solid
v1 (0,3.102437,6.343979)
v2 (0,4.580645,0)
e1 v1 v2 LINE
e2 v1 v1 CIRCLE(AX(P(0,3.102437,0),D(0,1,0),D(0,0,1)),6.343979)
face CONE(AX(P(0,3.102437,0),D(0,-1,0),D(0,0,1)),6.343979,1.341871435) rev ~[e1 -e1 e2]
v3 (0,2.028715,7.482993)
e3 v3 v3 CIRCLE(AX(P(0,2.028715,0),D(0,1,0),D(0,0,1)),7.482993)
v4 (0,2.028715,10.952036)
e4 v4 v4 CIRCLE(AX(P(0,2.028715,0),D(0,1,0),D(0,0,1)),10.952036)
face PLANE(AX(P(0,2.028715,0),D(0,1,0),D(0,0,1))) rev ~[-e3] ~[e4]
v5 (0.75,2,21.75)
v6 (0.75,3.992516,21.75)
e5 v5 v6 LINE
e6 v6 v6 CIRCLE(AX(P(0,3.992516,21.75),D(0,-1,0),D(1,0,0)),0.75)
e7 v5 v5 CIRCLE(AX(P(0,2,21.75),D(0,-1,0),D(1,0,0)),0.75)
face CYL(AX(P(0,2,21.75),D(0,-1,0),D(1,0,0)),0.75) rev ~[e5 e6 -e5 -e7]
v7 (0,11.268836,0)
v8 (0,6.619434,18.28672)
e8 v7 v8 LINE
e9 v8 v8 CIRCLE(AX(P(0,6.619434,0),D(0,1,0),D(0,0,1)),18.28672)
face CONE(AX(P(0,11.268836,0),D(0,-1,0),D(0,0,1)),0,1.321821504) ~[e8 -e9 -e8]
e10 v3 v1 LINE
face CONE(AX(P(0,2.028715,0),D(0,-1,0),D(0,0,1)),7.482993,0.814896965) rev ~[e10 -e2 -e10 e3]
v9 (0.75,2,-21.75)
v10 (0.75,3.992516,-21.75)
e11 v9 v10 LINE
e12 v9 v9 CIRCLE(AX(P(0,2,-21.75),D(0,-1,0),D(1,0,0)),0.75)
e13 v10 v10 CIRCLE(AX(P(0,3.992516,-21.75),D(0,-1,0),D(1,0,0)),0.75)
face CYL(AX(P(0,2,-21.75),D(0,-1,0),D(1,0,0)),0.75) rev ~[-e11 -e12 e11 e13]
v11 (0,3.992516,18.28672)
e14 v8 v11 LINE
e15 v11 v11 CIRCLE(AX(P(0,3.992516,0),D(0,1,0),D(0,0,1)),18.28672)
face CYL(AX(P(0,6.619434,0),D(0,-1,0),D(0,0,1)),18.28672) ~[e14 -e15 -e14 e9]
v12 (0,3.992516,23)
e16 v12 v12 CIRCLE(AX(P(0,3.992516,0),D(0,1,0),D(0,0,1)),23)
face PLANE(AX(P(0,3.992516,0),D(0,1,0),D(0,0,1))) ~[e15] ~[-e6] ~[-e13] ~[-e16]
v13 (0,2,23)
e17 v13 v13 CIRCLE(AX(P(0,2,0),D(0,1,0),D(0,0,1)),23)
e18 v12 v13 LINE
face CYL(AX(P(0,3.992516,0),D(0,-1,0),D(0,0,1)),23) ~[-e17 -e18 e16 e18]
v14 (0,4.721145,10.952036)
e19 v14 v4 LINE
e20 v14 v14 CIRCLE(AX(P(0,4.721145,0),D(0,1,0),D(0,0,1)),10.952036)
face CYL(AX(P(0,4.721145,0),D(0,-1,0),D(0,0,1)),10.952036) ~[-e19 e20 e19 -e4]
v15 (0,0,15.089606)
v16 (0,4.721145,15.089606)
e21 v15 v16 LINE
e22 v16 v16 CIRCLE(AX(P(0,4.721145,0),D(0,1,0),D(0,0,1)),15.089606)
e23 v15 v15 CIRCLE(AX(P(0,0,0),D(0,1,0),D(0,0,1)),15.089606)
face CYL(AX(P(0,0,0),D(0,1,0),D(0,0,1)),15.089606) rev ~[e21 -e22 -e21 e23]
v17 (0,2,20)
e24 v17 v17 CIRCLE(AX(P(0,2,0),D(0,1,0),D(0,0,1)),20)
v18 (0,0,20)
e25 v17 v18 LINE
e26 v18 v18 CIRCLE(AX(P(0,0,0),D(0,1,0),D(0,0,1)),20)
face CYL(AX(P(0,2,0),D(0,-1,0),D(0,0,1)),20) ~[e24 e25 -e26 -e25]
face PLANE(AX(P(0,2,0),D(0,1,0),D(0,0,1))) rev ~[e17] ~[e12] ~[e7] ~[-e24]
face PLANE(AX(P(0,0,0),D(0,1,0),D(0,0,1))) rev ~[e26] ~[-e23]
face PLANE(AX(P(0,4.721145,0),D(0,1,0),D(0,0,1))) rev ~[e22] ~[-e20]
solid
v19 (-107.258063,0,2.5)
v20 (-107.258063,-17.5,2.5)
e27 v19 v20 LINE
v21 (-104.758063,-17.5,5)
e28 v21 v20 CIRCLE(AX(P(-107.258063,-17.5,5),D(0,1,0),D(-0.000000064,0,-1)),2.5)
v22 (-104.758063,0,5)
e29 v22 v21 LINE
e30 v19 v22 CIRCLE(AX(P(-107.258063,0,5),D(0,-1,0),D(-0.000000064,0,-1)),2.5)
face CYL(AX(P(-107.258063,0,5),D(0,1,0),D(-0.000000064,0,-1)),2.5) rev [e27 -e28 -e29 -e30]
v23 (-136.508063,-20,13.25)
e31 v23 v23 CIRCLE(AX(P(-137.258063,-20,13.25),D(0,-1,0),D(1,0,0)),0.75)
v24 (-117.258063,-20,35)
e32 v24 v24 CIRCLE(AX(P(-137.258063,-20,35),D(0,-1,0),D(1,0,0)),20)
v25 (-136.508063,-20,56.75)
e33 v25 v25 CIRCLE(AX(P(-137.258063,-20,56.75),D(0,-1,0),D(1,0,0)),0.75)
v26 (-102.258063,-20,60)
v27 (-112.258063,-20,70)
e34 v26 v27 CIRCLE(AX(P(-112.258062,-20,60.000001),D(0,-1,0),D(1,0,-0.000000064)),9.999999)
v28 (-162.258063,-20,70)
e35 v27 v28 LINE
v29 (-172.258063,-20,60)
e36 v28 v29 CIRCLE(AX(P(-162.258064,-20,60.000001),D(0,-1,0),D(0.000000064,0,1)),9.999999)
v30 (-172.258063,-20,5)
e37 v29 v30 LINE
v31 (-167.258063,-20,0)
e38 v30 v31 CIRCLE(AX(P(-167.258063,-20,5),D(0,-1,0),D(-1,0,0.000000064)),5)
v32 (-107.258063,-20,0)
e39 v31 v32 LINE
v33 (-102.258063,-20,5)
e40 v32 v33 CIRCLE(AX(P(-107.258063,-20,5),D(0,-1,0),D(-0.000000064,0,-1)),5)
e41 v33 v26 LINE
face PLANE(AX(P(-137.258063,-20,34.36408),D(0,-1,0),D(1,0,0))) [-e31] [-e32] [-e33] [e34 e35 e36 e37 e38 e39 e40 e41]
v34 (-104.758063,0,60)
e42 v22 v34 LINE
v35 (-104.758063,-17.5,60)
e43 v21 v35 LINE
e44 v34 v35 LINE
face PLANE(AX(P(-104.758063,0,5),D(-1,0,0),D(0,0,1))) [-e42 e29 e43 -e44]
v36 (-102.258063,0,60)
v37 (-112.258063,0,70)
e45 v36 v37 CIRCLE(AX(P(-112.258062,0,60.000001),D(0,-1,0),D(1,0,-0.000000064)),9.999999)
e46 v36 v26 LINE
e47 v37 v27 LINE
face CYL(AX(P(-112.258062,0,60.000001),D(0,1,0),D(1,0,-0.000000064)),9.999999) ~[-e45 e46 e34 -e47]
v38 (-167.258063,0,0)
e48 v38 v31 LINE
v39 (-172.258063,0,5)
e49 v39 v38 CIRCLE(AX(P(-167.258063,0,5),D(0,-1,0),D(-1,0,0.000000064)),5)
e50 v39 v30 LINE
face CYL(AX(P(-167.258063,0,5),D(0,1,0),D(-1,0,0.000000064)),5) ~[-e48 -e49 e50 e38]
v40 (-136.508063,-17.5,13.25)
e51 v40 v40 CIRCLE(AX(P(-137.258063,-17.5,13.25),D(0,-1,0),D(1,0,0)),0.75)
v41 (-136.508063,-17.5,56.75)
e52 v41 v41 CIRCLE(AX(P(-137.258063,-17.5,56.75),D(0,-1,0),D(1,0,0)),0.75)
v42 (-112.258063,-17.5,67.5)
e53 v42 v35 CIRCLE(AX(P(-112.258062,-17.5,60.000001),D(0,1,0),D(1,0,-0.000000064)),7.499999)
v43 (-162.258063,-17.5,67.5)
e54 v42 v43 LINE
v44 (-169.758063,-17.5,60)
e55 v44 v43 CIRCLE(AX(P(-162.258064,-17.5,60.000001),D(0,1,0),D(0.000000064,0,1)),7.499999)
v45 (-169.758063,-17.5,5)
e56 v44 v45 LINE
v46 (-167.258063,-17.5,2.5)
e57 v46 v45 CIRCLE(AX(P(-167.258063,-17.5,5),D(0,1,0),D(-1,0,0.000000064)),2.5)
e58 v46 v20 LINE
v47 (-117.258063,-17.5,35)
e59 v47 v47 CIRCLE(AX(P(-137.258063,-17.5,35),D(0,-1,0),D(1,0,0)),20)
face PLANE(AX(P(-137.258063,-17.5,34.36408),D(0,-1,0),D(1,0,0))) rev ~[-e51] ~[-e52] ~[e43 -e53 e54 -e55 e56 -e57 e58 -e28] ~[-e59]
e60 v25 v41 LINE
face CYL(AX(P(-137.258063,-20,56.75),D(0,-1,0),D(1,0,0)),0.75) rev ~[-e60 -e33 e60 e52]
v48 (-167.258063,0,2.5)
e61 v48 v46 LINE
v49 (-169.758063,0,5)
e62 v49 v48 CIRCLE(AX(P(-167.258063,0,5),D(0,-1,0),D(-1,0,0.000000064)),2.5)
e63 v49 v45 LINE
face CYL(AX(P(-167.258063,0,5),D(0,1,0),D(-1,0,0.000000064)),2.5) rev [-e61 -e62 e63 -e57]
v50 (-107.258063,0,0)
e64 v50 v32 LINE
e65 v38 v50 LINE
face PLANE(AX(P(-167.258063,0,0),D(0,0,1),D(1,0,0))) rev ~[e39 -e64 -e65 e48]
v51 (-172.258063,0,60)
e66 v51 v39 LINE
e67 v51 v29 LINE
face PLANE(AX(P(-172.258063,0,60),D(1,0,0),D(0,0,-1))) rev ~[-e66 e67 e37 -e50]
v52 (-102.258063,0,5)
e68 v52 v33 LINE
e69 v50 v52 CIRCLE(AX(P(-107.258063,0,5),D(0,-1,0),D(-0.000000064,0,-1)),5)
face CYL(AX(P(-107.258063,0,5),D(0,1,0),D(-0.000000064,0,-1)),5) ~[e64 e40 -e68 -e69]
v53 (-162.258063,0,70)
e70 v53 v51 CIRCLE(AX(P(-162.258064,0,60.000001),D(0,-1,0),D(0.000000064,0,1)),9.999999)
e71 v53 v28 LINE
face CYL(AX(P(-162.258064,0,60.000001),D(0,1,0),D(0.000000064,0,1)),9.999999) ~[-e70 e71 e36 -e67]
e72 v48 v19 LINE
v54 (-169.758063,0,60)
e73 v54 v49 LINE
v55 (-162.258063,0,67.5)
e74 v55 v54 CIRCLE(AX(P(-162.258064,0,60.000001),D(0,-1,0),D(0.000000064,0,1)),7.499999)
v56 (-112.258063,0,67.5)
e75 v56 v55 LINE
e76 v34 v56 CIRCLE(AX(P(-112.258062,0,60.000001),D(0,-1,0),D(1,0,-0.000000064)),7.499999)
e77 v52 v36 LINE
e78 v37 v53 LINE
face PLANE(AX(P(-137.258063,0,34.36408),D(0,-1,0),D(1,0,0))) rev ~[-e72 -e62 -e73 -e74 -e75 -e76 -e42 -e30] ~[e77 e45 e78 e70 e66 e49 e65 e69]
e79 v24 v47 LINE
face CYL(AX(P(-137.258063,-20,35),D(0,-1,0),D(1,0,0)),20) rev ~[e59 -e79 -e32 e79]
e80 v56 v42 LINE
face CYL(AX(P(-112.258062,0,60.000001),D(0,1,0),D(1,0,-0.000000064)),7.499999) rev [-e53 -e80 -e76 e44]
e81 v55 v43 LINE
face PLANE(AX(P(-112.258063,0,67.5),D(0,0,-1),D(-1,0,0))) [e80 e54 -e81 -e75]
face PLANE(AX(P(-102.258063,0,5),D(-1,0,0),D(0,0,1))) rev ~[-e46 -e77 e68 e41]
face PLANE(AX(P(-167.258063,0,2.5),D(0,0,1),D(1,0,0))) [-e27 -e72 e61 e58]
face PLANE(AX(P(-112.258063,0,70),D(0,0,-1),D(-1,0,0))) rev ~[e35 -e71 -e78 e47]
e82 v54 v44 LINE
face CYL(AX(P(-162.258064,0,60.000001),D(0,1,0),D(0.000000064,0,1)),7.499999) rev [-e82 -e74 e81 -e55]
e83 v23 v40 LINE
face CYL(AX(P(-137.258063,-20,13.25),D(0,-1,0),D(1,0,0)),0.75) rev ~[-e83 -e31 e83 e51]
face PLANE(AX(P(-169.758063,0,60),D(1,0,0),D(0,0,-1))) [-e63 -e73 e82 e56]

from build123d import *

# Parameters (mm, degrees)
F2_R      = 0.75
F3_DEPTH  = 25
F5_DEPTH  = 20
F6_T      = -2.5
F7_R      = 20
F8_DEPTH  = 25
F9_R      = 0.75
F10_DEPTH = 25


with BuildPart() as f1:
    # F0 (on Right) → F1 (revolve)
    with BuildSketch(Plane.YZ):
        Polygon((2, 20), (0, 20), (0, 15.089606), (2, 15.089606), (4.721145, 15.089606), (4.721145, 10.952036), (2.028715, 10.952036), (2.028715, 7.482993), (3.102437, 6.343979), (4.580645, 0), (6.88172, 0), (11.268836, 0), (6.619434, 18.28672), (3.992516, 18.28672), (3.992516, 19.735398), (3.992516, 23), (2, 23), align=None)
    revolve(axis=Axis((0, 5.731183, 0), (0, 1, 0)))

    # F2 (on face) → F3 (cut)
    with BuildSketch(Plane.XZ.offset(-2)):
        with Locations((0, 21.75)):
            Circle(F2_R)
        with Locations((0, -21.75)):
            Circle(F2_R)
    extrude(amount=-F3_DEPTH, mode=Mode.SUBTRACT)


with BuildPart() as f5:
    # F4 (on Front) → F5 (new body)
    with BuildSketch(Plane.XZ):
        with BuildLine():
            Line((-112.258063, 70), (-162.258063, 70))
            ThreePointArc((-162.258063, 70), (-169.329131, 67.071068), (-172.258063, 60))
            Line((-172.258063, 60), (-172.258063, 5))
            ThreePointArc((-172.258063, 5), (-170.793597, 1.464466), (-167.258063, 0))
            Line((-167.258063, 0), (-107.258063, 0))
            ThreePointArc((-107.258063, 0), (-103.722529, 1.464466), (-102.258063, 5))
            Line((-102.258063, 5), (-102.258063, 60))
            ThreePointArc((-102.258063, 60), (-105.186995, 67.071068), (-112.258063, 70))
        make_face()
    extrude(amount=F5_DEPTH)

    # F6
    f6_openings = [f5.faces().sort_by_distance(p)[0] for p in [
        (-137.258063, 0, 34.784833),
    ]]
    offset(amount=F6_T, openings=f6_openings)

    # F7 (on face) → F8 (cut)
    with BuildSketch(Plane.XZ.offset(20)):
        with Locations((-137.258063, 35)):
            Circle(F7_R)
    extrude(amount=-F8_DEPTH, mode=Mode.SUBTRACT)

    # F9 (on face) → F10 (cut)
    with BuildSketch(Plane.XZ.offset(20)):
        with Locations((-137.258063, 56.75)):
            Circle(F9_R)
        with Locations((-137.258063, 13.25)):
            Circle(F9_R)
    extrude(amount=-F10_DEPTH, mode=Mode.SUBTRACT)


solid = Compound([f1.part, f5.part])
